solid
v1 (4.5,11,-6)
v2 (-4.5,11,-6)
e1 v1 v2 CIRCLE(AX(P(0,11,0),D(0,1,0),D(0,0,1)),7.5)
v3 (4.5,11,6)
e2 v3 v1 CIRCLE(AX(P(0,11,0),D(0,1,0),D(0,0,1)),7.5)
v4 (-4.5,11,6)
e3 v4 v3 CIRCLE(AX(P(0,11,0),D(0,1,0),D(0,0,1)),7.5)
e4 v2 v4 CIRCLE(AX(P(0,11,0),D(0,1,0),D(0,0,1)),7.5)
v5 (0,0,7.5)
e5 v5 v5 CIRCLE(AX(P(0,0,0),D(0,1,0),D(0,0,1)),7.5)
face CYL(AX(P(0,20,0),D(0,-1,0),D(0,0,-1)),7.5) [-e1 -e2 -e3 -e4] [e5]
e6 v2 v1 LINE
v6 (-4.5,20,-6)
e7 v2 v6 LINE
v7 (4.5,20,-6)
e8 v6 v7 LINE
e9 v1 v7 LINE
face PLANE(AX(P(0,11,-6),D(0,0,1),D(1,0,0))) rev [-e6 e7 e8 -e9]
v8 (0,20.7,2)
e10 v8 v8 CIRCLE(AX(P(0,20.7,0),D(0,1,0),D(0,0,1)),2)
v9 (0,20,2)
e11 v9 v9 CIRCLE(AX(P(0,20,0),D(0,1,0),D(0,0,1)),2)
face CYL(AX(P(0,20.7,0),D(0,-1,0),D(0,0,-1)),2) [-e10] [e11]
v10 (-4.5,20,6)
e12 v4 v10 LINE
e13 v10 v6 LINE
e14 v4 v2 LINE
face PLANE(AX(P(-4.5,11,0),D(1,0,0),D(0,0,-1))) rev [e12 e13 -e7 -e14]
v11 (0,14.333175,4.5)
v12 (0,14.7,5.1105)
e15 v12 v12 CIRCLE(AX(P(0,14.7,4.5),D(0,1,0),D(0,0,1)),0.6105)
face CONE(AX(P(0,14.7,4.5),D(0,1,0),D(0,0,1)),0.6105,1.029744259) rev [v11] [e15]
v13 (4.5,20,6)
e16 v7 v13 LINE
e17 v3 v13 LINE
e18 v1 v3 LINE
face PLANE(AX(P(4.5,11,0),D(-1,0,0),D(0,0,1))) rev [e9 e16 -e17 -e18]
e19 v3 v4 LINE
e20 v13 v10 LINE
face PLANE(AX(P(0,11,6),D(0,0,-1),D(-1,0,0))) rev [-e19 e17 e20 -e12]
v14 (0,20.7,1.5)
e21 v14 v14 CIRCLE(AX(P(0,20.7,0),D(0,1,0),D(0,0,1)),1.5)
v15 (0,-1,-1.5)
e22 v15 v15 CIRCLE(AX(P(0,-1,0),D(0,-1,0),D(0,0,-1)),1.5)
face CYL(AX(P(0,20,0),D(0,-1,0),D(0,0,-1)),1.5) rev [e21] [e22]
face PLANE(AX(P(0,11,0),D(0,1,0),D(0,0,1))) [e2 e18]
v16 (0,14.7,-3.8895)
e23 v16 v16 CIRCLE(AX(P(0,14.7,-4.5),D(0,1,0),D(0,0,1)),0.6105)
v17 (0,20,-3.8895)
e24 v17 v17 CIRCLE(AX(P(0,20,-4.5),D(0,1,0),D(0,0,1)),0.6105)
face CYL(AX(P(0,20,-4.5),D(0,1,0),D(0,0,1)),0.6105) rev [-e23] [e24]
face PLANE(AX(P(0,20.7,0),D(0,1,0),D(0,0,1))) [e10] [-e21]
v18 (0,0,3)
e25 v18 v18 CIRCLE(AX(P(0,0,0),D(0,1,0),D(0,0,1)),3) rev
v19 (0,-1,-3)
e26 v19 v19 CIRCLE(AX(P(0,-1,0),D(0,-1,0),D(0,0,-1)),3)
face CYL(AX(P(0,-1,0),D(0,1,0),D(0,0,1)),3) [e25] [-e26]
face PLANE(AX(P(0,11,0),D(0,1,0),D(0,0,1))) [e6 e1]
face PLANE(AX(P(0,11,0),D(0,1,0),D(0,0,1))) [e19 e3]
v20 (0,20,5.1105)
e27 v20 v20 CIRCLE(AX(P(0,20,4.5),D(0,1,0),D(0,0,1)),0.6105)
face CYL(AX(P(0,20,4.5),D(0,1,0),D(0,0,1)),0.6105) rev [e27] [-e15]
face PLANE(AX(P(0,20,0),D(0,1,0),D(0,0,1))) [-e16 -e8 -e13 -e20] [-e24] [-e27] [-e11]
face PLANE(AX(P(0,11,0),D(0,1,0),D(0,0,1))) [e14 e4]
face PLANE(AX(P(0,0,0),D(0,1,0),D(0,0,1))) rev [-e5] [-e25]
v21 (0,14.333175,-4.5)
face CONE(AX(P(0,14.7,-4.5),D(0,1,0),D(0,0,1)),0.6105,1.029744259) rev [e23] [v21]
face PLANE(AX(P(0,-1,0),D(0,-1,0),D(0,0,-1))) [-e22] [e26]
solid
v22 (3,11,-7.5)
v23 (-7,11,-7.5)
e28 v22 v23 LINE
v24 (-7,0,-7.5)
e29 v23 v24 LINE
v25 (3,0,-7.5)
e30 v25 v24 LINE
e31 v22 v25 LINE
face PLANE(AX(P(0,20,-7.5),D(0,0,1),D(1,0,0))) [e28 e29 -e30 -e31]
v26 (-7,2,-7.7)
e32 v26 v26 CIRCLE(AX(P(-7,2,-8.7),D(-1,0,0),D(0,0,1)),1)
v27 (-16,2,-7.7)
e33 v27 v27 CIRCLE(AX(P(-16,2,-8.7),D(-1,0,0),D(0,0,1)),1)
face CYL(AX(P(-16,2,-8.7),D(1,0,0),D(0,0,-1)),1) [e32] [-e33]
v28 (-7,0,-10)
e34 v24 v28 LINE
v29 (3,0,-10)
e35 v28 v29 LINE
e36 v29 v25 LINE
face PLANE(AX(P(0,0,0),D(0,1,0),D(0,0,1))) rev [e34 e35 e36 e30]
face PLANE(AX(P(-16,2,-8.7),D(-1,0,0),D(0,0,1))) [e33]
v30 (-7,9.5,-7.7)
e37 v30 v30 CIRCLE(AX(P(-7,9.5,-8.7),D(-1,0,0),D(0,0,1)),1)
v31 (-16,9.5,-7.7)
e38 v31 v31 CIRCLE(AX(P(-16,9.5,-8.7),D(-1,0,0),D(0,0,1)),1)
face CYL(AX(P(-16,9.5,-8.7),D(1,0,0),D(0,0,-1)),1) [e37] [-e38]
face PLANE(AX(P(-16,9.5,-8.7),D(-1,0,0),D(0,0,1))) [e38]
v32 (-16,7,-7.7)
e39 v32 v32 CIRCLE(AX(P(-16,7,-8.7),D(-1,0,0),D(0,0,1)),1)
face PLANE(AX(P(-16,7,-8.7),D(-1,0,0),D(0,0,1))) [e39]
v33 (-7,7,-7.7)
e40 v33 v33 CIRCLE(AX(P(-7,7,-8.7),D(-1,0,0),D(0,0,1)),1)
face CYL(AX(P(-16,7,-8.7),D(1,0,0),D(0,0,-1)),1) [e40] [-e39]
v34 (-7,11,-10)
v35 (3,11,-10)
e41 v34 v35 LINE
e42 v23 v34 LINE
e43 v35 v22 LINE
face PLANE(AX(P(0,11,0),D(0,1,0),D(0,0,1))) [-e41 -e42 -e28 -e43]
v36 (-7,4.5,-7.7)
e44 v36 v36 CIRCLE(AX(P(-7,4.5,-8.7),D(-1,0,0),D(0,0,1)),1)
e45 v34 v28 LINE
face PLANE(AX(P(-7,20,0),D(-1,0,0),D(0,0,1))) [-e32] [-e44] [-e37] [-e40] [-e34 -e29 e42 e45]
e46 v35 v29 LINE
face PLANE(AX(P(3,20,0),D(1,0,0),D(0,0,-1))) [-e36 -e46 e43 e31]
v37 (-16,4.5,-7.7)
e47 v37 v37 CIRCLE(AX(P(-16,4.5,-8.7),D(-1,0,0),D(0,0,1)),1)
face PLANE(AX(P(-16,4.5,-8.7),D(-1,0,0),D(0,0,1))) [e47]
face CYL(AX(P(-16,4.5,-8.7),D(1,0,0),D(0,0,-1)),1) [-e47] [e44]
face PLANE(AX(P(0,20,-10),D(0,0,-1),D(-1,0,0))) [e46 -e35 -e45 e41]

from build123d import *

# Parameters (mm, degrees)
SKETCH1_W          = 10
SKETCH1_H          = 2.5
EXTRUSION3_DEPTH   = 20
SKETCH1_R          = 7.5
SKETCH1_R_2        = 1.5
EXTRUSION3_2_DEPTH = 20
SKETCH2_W          = 30
SKETCH2_H          = 30
SKETCH2_W_2        = 9
SKETCH2_H_2        = 12
EXTRUSION4_DEPTH   = 9
SKETCH3_R          = 1
EXTRUSION5_DEPTH   = 9
HOLE1_AT_2_COUNT   = 2
HOLE1_AT_2_PITCH   = 9
SKETCH6_R          = 3
SKETCH6_R_2        = 1.5
EXTRUSION6_DEPTH   = 1
SKETCH7_R          = 2
SKETCH7_R_2        = 1.5
EXTRUSION7_DEPTH   = 0.7


with BuildPart() as part:
    # Sketch1 → Extrusion3 (new body)
    with BuildSketch(Plane(origin=(0, 0, 0), x_dir=(-1, 0, 0), z_dir=(0, 1, 0))):
        with Locations((2, -8.75)):
            Rectangle(SKETCH1_W, SKETCH1_H)
    extrude(amount=EXTRUSION3_DEPTH)


with BuildPart() as body_2:
    # Sketch1 → Extrusion3 2 (new body)
    with BuildSketch(Plane(origin=(0, 0, 0), x_dir=(-1, 0, 0), z_dir=(0, 1, 0))):
        Circle(SKETCH1_R)
        Circle(SKETCH1_R_2, mode=Mode.SUBTRACT)
    extrude(amount=EXTRUSION3_2_DEPTH)


with BuildPart() as extrusion4_tool:
    # Sketch2 → Extrusion4 (new body)
    with BuildSketch(Plane(origin=(0, 20, 0), x_dir=(1, 0, 0), z_dir=(0, 1, 0))):
        Rectangle(SKETCH2_W, SKETCH2_H)
        Rectangle(SKETCH2_W_2, SKETCH2_H_2, mode=Mode.SUBTRACT)
    extrude(amount=-EXTRUSION4_DEPTH)


with BuildPart() as part_1:
    add(part.part)

    # Extrusion4: cut by extrusion4_tool
    add(extrusion4_tool.part, mode=Mode.SUBTRACT)

    # Sketch3 → Extrusion5 (add)
    with BuildSketch(Plane.ZY.offset(7)):
        with Locations((-8.7, 9.5)):
            Circle(SKETCH3_R)
        with Locations((-8.7, 7)):
            Circle(SKETCH3_R)
        with Locations((-8.7, 4.5)):
            Circle(SKETCH3_R)
        with Locations((-8.7, 2)):
            Circle(SKETCH3_R)
    extrude(amount=EXTRUSION5_DEPTH)


with BuildPart() as body_2_1:
    add(body_2.part)

    # Extrusion4: cut by extrusion4_tool
    add(extrusion4_tool.part, mode=Mode.SUBTRACT)

    # Sketch4 → Hole1 (revolve, cut)
    with BuildSketch(Plane(origin=(0, 20, 4.5), x_dir=(0, 0, 1), z_dir=(1, 0, 0))):
        Polygon((0, 0), (0, 5.666825408), (0.6105, 5.3), (0.6105, 0), align=None)
    hole1 = revolve(axis=Axis((0, 24.244199587, 4.5), (0, -1, 0)), mode=Mode.SUBTRACT)

    # Hole1 at 2: Hole1 ×2
    with Locations(*[(0, 0, -i * HOLE1_AT_2_PITCH) for i in range(1, HOLE1_AT_2_COUNT)]):
        add(hole1, mode=Mode.SUBTRACT)

    # Sketch6 → Extrusion6 (add)
    with BuildSketch(Plane.XZ):
        Circle(SKETCH6_R)
        Circle(SKETCH6_R_2, mode=Mode.SUBTRACT)
    extrude(amount=EXTRUSION6_DEPTH)

    # Sketch7 → Extrusion7 (add)
    with BuildSketch(Plane(origin=(0, 20, 0), x_dir=(1, 0, 0), z_dir=(0, 1, 0))):
        Circle(SKETCH7_R)
        Circle(SKETCH7_R_2, mode=Mode.SUBTRACT)
    extrude(amount=EXTRUSION7_DEPTH)


solid = Compound([part_1.part, body_2_1.part])
